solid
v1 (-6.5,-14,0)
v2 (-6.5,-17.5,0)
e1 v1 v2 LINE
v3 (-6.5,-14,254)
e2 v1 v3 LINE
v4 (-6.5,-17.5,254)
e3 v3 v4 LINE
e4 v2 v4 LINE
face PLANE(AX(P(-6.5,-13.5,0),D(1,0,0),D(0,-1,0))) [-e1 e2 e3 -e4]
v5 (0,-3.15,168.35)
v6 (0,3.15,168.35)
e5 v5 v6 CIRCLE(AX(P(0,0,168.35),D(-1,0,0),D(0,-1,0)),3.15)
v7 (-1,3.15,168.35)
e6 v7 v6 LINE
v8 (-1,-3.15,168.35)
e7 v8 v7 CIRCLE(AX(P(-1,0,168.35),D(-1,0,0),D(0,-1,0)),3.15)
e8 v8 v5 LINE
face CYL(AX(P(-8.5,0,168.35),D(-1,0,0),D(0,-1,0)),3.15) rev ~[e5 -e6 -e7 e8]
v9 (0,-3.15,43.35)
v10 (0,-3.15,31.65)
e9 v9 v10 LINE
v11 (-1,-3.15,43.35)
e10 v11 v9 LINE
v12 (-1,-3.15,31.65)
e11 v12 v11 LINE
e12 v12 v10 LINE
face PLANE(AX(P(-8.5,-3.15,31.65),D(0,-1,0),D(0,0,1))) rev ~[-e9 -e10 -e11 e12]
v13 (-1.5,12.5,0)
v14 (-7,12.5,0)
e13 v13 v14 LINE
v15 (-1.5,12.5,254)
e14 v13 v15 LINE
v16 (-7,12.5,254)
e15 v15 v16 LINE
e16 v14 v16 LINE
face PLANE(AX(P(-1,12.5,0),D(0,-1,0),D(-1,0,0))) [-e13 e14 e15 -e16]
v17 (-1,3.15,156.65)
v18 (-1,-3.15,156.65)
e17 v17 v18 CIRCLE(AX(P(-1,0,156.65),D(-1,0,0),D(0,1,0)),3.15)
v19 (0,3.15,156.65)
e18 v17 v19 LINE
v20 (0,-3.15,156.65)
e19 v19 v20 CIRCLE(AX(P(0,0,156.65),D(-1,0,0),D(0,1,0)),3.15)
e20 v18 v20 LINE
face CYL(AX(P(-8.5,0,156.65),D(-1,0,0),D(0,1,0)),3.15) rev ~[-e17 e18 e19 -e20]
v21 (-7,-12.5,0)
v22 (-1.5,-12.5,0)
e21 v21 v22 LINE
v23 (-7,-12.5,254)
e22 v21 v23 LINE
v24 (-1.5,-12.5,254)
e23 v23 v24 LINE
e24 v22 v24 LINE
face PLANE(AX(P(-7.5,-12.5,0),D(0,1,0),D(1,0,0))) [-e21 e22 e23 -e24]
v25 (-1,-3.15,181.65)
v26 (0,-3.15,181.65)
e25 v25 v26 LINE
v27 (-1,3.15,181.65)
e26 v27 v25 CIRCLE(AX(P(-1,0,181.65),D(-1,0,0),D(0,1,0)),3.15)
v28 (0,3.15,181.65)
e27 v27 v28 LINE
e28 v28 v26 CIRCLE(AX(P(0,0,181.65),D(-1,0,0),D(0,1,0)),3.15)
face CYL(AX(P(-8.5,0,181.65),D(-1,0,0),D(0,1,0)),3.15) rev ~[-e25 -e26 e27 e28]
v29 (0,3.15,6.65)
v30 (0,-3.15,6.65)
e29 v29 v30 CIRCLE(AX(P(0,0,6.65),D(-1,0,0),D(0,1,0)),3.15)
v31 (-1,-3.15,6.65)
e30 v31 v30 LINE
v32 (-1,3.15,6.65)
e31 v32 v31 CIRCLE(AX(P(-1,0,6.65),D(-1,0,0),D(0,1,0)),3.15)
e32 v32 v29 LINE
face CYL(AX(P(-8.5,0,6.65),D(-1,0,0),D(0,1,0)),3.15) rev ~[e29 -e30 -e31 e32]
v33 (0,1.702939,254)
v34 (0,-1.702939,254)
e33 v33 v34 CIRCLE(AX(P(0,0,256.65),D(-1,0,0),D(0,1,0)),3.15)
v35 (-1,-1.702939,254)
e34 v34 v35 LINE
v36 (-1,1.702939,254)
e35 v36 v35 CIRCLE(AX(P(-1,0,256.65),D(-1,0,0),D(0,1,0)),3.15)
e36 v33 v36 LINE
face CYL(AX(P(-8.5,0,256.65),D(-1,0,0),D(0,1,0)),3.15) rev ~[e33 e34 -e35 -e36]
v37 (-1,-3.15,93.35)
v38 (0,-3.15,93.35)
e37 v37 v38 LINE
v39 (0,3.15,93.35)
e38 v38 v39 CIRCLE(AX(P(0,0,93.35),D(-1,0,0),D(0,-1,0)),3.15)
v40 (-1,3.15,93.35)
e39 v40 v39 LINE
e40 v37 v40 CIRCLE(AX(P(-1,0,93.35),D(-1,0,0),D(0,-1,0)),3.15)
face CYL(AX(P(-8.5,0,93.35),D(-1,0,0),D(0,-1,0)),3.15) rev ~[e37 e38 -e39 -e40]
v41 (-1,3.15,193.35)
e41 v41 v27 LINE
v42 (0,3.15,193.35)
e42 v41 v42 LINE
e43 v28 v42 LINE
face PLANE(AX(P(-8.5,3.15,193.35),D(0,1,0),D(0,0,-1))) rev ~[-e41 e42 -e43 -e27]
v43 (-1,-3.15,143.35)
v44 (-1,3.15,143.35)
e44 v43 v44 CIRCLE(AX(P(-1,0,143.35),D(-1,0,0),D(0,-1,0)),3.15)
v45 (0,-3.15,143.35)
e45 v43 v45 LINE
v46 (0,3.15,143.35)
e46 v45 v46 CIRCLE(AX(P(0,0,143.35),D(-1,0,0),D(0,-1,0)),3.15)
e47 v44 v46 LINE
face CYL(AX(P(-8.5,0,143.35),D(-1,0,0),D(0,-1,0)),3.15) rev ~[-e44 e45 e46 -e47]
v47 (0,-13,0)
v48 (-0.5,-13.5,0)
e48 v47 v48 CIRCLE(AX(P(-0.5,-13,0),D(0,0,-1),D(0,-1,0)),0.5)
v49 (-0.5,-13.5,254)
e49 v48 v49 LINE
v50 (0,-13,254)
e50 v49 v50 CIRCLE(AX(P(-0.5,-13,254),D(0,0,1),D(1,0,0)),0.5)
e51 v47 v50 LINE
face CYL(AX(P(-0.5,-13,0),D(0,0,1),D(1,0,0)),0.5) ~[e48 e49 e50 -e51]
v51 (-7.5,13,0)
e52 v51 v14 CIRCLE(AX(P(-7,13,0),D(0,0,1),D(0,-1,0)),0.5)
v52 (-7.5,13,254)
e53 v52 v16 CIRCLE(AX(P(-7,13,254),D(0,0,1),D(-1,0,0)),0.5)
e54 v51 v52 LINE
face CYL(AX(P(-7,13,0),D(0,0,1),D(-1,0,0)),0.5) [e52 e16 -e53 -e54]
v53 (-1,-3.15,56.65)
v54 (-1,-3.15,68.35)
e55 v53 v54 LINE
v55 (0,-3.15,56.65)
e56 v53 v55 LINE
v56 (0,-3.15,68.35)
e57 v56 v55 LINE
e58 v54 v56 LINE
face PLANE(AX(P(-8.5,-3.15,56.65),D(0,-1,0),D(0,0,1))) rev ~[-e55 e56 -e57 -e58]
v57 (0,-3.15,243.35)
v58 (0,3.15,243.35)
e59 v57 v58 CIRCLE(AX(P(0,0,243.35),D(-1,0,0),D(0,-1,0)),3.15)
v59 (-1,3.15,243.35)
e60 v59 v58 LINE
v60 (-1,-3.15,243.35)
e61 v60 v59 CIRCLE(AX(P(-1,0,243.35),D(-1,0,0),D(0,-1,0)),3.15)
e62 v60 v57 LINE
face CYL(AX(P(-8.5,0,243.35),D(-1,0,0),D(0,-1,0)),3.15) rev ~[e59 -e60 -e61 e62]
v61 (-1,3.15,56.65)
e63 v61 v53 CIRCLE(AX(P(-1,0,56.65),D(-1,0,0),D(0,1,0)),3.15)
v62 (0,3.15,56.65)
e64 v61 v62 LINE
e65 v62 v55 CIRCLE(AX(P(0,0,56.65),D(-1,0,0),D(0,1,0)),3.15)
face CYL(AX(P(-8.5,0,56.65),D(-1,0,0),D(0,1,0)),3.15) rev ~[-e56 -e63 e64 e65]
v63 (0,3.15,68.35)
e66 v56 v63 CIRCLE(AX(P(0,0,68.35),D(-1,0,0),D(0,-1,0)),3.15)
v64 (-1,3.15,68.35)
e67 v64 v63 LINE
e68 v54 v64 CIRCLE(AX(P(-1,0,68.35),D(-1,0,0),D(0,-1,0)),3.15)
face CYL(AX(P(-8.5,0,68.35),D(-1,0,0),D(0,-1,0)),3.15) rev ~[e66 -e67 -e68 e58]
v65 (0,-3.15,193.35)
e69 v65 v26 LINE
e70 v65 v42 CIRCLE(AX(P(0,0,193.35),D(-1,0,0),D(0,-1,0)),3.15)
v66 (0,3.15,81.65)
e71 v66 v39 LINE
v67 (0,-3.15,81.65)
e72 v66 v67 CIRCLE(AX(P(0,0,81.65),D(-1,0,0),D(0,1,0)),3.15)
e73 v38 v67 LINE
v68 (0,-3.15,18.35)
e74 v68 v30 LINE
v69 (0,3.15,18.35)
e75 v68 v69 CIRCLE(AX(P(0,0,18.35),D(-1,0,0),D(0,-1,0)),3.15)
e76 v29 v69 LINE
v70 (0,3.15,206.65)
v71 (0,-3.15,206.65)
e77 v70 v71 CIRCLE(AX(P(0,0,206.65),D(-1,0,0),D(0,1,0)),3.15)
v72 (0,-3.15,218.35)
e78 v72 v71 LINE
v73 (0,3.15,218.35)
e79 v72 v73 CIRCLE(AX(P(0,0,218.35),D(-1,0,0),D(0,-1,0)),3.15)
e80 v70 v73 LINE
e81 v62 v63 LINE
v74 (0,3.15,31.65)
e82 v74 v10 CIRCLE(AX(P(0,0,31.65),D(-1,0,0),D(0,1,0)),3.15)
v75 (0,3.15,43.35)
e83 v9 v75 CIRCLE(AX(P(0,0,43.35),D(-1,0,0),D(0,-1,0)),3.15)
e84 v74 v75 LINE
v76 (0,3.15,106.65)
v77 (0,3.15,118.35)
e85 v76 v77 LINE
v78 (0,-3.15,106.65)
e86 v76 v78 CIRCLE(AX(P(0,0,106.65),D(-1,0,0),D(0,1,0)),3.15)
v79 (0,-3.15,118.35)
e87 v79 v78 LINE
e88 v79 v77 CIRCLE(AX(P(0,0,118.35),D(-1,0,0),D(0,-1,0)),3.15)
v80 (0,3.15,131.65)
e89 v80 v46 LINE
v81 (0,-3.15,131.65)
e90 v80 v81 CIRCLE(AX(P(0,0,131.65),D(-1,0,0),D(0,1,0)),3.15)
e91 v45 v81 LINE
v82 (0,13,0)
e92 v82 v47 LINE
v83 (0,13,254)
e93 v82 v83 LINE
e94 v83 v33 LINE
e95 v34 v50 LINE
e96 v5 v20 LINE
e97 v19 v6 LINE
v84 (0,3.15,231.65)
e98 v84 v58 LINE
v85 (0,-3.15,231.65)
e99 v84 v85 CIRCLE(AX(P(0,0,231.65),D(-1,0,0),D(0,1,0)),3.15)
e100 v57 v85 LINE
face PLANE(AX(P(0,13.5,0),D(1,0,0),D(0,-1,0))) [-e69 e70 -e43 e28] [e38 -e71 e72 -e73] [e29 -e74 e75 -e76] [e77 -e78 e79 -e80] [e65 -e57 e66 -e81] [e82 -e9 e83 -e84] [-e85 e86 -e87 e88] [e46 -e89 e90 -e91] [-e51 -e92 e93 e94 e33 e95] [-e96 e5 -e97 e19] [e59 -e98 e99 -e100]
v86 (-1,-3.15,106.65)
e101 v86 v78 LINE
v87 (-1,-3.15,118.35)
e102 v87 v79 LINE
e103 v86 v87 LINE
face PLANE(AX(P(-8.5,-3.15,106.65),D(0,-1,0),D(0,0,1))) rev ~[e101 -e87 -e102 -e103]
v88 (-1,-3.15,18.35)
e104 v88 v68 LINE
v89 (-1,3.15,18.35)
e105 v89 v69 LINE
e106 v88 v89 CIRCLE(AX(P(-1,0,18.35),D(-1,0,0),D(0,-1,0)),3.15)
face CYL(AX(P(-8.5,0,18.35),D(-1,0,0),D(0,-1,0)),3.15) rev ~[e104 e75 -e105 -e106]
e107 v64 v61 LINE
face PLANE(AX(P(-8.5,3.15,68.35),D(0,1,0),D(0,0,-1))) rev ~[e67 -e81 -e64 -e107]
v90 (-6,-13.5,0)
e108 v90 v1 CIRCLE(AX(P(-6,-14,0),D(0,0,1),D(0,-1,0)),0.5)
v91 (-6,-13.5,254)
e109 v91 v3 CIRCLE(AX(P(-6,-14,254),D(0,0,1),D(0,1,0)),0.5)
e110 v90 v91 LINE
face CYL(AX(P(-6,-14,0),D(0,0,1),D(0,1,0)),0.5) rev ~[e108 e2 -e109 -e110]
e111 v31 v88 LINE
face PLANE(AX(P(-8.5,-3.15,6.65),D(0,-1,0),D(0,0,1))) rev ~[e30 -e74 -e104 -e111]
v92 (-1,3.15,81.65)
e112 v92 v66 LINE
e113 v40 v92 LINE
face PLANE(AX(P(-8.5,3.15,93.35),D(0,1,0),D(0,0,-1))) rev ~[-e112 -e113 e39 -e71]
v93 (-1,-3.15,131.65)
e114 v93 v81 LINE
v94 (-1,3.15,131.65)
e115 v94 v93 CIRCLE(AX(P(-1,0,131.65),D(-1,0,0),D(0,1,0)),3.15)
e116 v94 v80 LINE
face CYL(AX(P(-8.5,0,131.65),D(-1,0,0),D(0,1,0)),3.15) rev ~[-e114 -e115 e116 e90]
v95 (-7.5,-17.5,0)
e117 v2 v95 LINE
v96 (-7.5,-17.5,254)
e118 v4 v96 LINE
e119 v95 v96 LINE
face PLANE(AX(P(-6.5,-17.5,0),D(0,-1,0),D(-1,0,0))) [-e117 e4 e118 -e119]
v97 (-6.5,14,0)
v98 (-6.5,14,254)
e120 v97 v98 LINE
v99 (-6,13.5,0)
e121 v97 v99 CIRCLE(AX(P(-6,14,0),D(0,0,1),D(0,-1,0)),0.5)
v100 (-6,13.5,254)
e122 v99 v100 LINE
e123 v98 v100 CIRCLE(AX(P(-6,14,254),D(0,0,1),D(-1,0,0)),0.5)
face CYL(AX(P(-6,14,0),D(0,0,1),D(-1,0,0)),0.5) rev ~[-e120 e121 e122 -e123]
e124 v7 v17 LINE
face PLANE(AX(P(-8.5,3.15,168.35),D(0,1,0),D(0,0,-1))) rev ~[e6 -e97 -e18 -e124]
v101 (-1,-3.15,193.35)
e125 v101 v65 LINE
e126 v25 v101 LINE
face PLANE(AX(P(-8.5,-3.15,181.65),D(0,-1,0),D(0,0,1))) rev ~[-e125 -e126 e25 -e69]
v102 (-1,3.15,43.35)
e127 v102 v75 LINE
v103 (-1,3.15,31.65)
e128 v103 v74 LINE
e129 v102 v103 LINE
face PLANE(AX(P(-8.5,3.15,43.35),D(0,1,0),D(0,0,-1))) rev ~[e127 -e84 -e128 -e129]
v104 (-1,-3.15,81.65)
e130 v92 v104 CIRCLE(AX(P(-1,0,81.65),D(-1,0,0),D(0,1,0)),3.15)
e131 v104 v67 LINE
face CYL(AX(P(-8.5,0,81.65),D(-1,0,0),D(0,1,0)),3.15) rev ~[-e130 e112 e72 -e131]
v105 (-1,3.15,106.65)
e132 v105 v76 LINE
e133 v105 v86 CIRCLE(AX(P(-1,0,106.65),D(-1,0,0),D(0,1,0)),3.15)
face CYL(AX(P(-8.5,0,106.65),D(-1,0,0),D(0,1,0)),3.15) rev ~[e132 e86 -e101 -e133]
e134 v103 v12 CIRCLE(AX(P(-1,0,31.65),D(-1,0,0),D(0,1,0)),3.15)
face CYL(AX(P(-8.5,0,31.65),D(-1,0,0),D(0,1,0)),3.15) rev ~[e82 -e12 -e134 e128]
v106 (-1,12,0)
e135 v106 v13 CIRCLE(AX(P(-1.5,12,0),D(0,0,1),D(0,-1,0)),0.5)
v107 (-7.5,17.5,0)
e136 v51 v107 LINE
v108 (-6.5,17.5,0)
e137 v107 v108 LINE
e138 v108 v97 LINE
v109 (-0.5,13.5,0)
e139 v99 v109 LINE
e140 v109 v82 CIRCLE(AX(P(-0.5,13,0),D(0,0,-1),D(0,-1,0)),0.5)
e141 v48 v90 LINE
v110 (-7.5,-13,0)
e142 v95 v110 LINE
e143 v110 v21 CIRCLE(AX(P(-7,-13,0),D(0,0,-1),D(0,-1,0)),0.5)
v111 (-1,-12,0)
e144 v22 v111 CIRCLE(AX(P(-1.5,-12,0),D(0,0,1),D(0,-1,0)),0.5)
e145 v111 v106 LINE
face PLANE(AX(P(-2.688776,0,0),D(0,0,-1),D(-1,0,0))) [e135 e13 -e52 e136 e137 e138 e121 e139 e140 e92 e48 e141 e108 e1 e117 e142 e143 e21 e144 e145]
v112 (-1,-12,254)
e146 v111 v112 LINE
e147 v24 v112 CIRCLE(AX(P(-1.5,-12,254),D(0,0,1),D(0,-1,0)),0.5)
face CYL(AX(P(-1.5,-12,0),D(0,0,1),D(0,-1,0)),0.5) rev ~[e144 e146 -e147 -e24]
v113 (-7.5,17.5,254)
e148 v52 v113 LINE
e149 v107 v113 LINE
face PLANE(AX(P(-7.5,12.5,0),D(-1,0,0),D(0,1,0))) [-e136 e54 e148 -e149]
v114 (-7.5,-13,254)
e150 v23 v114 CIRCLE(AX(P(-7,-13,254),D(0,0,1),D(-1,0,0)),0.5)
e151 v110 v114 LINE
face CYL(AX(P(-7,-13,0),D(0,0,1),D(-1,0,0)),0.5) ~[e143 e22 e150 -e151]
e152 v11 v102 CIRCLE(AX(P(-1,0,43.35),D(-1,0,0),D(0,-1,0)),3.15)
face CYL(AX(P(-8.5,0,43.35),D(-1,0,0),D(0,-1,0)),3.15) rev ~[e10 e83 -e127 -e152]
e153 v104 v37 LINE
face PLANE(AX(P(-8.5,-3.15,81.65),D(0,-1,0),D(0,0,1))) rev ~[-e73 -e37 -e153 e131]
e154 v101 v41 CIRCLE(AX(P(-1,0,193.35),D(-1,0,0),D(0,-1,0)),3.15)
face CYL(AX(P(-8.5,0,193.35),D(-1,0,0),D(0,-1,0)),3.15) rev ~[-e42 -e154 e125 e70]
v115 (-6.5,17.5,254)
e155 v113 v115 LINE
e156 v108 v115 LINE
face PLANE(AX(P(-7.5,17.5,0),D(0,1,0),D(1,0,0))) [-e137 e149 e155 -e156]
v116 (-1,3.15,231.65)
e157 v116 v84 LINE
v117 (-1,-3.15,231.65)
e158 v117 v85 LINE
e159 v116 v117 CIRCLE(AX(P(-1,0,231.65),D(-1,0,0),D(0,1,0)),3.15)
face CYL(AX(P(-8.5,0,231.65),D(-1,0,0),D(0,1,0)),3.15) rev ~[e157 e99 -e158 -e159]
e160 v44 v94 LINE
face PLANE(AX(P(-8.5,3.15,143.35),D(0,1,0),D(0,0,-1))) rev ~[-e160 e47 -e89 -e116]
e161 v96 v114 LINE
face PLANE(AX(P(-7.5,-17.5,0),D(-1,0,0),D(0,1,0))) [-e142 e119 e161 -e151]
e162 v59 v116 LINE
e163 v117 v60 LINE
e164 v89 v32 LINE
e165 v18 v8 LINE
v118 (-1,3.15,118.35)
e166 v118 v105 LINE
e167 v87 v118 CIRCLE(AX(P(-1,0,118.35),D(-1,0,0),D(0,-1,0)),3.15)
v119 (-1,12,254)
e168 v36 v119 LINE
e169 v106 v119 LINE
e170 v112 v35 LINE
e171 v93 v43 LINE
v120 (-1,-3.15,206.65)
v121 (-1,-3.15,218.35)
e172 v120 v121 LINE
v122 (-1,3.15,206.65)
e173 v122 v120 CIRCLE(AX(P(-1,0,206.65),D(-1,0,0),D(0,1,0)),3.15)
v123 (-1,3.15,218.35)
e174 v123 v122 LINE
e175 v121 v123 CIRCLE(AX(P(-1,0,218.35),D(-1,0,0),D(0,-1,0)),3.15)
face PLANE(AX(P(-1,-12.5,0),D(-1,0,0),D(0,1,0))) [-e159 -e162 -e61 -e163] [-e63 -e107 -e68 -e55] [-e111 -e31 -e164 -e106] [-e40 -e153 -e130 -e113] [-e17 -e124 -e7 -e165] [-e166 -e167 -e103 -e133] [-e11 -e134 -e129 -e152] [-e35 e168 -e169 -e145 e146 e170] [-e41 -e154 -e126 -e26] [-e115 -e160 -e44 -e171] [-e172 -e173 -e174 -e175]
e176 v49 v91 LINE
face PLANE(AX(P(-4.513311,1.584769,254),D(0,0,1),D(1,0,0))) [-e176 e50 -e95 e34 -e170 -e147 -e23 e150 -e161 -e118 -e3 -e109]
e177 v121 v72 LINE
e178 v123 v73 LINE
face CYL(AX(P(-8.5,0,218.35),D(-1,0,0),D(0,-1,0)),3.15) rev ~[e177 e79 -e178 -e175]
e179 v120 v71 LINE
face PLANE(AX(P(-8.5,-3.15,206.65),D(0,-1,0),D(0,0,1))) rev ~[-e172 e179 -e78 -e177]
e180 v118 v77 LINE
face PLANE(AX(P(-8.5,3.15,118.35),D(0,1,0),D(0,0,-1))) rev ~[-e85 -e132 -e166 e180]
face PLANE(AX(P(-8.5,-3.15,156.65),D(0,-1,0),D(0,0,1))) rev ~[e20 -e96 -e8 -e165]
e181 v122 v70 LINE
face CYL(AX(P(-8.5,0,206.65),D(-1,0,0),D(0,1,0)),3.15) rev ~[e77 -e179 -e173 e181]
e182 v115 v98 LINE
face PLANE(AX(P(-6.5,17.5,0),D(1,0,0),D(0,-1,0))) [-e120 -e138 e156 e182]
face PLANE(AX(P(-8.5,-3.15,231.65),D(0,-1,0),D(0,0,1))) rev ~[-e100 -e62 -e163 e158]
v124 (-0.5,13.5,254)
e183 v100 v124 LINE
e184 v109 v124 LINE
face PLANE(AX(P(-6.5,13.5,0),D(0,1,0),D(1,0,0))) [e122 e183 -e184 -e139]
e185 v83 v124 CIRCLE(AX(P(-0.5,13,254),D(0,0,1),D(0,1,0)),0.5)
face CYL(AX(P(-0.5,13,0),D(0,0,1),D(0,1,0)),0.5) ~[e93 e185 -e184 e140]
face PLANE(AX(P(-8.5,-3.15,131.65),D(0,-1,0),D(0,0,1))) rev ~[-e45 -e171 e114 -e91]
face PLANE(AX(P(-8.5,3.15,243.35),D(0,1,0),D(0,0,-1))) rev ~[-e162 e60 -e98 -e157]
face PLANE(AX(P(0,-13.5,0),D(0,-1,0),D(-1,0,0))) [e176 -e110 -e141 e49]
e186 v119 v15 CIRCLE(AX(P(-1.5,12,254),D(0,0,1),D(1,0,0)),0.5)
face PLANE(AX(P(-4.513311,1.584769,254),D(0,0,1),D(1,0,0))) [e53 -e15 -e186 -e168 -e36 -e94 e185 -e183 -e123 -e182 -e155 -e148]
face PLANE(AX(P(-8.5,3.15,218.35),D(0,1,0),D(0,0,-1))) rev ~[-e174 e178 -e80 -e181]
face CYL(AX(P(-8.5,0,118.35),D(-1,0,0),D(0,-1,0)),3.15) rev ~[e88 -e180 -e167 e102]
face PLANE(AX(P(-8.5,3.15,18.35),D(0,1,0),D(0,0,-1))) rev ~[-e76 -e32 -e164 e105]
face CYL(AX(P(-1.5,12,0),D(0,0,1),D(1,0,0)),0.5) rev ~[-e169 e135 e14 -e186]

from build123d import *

# Parameters (mm, degrees)
EXTRUDE_THIN1_DEPTH = 449.2625
CUT_EXTRUDE1_START  = -8.5
CUT_EXTRUDE1_DEPTH  = 9.5
LPATTERN1_COUNT     = 18
LPATTERN1_PITCH     = 25
FILLET1_R           = 0.5
SKETCH5_W           = 13.158199176
SKETCH5_H           = 40.042206119
CUT_EXTRUDE2_DEPTH  = 195.2625


with BuildPart() as part:
    # Sketch3 → Extrude-Thin1 (new body)
    with BuildSketch(Plane.XY):
        Polygon((-6.5, 17.5), (-6.5, 13.5), (0, 13.5), (0, -13.5), (-6.5, -13.5), (-6.5, -17.5), (-7.5, -17.5), (-7.5, -12.5), (-1, -12.5), (-1, 12.5), (-7.5, 12.5), (-7.5, 17.5), align=None)
    extrude(amount=EXTRUDE_THIN1_DEPTH)

    # Sketch4 → Cut-Extrude1 (cut)
    with BuildSketch(Plane(origin=(0, 0, 0), x_dir=(0, 0, -1), z_dir=(1, 0, 0)).offset(CUT_EXTRUDE1_START)):
        with BuildLine():
            Line((-6.65, -3.15), (-18.35, -3.15))
            ThreePointArc((-18.35, -3.15), (-21.5, 0), (-18.35, 3.15))
            Line((-18.35, 3.15), (-6.65, 3.15))
            ThreePointArc((-6.65, 3.15), (-3.5, 0), (-6.65, -3.15))
        make_face()
    cut_extrude1 = extrude(amount=CUT_EXTRUDE1_DEPTH, mode=Mode.SUBTRACT)

    # LPattern1: Cut-Extrude1 ×18
    with Locations(*[(0, 0, i * LPATTERN1_PITCH) for i in range(1, LPATTERN1_COUNT)]):
        add(cut_extrude1, mode=Mode.SUBTRACT)

    # Fillet1
    fillet1_edges = [part.edges().sort_by_distance(p)[0] for p in [
        (-6.5, 13.5, 224.63125),
        (0, 13.5, 224.63125),
        (0, -13.5, 224.63125),
        (-6.5, -13.5, 224.63125),
        (-7.5, -12.5, 224.63125),
        (-1, -12.5, 224.63125),
        (-1, 12.5, 224.63125),
        (-7.5, 12.5, 224.63125),
    ]]
    fillet(fillet1_edges, radius=FILLET1_R)

    # Sketch5 → Cut-Extrude2 (cut)
    with BuildSketch(Plane.XY.offset(449.2625)):
        with Locations((-4.513311055, 1.584769395)):
            Rectangle(SKETCH5_W, SKETCH5_H)
    extrude(amount=-CUT_EXTRUDE2_DEPTH, mode=Mode.SUBTRACT)


solid = part.part
